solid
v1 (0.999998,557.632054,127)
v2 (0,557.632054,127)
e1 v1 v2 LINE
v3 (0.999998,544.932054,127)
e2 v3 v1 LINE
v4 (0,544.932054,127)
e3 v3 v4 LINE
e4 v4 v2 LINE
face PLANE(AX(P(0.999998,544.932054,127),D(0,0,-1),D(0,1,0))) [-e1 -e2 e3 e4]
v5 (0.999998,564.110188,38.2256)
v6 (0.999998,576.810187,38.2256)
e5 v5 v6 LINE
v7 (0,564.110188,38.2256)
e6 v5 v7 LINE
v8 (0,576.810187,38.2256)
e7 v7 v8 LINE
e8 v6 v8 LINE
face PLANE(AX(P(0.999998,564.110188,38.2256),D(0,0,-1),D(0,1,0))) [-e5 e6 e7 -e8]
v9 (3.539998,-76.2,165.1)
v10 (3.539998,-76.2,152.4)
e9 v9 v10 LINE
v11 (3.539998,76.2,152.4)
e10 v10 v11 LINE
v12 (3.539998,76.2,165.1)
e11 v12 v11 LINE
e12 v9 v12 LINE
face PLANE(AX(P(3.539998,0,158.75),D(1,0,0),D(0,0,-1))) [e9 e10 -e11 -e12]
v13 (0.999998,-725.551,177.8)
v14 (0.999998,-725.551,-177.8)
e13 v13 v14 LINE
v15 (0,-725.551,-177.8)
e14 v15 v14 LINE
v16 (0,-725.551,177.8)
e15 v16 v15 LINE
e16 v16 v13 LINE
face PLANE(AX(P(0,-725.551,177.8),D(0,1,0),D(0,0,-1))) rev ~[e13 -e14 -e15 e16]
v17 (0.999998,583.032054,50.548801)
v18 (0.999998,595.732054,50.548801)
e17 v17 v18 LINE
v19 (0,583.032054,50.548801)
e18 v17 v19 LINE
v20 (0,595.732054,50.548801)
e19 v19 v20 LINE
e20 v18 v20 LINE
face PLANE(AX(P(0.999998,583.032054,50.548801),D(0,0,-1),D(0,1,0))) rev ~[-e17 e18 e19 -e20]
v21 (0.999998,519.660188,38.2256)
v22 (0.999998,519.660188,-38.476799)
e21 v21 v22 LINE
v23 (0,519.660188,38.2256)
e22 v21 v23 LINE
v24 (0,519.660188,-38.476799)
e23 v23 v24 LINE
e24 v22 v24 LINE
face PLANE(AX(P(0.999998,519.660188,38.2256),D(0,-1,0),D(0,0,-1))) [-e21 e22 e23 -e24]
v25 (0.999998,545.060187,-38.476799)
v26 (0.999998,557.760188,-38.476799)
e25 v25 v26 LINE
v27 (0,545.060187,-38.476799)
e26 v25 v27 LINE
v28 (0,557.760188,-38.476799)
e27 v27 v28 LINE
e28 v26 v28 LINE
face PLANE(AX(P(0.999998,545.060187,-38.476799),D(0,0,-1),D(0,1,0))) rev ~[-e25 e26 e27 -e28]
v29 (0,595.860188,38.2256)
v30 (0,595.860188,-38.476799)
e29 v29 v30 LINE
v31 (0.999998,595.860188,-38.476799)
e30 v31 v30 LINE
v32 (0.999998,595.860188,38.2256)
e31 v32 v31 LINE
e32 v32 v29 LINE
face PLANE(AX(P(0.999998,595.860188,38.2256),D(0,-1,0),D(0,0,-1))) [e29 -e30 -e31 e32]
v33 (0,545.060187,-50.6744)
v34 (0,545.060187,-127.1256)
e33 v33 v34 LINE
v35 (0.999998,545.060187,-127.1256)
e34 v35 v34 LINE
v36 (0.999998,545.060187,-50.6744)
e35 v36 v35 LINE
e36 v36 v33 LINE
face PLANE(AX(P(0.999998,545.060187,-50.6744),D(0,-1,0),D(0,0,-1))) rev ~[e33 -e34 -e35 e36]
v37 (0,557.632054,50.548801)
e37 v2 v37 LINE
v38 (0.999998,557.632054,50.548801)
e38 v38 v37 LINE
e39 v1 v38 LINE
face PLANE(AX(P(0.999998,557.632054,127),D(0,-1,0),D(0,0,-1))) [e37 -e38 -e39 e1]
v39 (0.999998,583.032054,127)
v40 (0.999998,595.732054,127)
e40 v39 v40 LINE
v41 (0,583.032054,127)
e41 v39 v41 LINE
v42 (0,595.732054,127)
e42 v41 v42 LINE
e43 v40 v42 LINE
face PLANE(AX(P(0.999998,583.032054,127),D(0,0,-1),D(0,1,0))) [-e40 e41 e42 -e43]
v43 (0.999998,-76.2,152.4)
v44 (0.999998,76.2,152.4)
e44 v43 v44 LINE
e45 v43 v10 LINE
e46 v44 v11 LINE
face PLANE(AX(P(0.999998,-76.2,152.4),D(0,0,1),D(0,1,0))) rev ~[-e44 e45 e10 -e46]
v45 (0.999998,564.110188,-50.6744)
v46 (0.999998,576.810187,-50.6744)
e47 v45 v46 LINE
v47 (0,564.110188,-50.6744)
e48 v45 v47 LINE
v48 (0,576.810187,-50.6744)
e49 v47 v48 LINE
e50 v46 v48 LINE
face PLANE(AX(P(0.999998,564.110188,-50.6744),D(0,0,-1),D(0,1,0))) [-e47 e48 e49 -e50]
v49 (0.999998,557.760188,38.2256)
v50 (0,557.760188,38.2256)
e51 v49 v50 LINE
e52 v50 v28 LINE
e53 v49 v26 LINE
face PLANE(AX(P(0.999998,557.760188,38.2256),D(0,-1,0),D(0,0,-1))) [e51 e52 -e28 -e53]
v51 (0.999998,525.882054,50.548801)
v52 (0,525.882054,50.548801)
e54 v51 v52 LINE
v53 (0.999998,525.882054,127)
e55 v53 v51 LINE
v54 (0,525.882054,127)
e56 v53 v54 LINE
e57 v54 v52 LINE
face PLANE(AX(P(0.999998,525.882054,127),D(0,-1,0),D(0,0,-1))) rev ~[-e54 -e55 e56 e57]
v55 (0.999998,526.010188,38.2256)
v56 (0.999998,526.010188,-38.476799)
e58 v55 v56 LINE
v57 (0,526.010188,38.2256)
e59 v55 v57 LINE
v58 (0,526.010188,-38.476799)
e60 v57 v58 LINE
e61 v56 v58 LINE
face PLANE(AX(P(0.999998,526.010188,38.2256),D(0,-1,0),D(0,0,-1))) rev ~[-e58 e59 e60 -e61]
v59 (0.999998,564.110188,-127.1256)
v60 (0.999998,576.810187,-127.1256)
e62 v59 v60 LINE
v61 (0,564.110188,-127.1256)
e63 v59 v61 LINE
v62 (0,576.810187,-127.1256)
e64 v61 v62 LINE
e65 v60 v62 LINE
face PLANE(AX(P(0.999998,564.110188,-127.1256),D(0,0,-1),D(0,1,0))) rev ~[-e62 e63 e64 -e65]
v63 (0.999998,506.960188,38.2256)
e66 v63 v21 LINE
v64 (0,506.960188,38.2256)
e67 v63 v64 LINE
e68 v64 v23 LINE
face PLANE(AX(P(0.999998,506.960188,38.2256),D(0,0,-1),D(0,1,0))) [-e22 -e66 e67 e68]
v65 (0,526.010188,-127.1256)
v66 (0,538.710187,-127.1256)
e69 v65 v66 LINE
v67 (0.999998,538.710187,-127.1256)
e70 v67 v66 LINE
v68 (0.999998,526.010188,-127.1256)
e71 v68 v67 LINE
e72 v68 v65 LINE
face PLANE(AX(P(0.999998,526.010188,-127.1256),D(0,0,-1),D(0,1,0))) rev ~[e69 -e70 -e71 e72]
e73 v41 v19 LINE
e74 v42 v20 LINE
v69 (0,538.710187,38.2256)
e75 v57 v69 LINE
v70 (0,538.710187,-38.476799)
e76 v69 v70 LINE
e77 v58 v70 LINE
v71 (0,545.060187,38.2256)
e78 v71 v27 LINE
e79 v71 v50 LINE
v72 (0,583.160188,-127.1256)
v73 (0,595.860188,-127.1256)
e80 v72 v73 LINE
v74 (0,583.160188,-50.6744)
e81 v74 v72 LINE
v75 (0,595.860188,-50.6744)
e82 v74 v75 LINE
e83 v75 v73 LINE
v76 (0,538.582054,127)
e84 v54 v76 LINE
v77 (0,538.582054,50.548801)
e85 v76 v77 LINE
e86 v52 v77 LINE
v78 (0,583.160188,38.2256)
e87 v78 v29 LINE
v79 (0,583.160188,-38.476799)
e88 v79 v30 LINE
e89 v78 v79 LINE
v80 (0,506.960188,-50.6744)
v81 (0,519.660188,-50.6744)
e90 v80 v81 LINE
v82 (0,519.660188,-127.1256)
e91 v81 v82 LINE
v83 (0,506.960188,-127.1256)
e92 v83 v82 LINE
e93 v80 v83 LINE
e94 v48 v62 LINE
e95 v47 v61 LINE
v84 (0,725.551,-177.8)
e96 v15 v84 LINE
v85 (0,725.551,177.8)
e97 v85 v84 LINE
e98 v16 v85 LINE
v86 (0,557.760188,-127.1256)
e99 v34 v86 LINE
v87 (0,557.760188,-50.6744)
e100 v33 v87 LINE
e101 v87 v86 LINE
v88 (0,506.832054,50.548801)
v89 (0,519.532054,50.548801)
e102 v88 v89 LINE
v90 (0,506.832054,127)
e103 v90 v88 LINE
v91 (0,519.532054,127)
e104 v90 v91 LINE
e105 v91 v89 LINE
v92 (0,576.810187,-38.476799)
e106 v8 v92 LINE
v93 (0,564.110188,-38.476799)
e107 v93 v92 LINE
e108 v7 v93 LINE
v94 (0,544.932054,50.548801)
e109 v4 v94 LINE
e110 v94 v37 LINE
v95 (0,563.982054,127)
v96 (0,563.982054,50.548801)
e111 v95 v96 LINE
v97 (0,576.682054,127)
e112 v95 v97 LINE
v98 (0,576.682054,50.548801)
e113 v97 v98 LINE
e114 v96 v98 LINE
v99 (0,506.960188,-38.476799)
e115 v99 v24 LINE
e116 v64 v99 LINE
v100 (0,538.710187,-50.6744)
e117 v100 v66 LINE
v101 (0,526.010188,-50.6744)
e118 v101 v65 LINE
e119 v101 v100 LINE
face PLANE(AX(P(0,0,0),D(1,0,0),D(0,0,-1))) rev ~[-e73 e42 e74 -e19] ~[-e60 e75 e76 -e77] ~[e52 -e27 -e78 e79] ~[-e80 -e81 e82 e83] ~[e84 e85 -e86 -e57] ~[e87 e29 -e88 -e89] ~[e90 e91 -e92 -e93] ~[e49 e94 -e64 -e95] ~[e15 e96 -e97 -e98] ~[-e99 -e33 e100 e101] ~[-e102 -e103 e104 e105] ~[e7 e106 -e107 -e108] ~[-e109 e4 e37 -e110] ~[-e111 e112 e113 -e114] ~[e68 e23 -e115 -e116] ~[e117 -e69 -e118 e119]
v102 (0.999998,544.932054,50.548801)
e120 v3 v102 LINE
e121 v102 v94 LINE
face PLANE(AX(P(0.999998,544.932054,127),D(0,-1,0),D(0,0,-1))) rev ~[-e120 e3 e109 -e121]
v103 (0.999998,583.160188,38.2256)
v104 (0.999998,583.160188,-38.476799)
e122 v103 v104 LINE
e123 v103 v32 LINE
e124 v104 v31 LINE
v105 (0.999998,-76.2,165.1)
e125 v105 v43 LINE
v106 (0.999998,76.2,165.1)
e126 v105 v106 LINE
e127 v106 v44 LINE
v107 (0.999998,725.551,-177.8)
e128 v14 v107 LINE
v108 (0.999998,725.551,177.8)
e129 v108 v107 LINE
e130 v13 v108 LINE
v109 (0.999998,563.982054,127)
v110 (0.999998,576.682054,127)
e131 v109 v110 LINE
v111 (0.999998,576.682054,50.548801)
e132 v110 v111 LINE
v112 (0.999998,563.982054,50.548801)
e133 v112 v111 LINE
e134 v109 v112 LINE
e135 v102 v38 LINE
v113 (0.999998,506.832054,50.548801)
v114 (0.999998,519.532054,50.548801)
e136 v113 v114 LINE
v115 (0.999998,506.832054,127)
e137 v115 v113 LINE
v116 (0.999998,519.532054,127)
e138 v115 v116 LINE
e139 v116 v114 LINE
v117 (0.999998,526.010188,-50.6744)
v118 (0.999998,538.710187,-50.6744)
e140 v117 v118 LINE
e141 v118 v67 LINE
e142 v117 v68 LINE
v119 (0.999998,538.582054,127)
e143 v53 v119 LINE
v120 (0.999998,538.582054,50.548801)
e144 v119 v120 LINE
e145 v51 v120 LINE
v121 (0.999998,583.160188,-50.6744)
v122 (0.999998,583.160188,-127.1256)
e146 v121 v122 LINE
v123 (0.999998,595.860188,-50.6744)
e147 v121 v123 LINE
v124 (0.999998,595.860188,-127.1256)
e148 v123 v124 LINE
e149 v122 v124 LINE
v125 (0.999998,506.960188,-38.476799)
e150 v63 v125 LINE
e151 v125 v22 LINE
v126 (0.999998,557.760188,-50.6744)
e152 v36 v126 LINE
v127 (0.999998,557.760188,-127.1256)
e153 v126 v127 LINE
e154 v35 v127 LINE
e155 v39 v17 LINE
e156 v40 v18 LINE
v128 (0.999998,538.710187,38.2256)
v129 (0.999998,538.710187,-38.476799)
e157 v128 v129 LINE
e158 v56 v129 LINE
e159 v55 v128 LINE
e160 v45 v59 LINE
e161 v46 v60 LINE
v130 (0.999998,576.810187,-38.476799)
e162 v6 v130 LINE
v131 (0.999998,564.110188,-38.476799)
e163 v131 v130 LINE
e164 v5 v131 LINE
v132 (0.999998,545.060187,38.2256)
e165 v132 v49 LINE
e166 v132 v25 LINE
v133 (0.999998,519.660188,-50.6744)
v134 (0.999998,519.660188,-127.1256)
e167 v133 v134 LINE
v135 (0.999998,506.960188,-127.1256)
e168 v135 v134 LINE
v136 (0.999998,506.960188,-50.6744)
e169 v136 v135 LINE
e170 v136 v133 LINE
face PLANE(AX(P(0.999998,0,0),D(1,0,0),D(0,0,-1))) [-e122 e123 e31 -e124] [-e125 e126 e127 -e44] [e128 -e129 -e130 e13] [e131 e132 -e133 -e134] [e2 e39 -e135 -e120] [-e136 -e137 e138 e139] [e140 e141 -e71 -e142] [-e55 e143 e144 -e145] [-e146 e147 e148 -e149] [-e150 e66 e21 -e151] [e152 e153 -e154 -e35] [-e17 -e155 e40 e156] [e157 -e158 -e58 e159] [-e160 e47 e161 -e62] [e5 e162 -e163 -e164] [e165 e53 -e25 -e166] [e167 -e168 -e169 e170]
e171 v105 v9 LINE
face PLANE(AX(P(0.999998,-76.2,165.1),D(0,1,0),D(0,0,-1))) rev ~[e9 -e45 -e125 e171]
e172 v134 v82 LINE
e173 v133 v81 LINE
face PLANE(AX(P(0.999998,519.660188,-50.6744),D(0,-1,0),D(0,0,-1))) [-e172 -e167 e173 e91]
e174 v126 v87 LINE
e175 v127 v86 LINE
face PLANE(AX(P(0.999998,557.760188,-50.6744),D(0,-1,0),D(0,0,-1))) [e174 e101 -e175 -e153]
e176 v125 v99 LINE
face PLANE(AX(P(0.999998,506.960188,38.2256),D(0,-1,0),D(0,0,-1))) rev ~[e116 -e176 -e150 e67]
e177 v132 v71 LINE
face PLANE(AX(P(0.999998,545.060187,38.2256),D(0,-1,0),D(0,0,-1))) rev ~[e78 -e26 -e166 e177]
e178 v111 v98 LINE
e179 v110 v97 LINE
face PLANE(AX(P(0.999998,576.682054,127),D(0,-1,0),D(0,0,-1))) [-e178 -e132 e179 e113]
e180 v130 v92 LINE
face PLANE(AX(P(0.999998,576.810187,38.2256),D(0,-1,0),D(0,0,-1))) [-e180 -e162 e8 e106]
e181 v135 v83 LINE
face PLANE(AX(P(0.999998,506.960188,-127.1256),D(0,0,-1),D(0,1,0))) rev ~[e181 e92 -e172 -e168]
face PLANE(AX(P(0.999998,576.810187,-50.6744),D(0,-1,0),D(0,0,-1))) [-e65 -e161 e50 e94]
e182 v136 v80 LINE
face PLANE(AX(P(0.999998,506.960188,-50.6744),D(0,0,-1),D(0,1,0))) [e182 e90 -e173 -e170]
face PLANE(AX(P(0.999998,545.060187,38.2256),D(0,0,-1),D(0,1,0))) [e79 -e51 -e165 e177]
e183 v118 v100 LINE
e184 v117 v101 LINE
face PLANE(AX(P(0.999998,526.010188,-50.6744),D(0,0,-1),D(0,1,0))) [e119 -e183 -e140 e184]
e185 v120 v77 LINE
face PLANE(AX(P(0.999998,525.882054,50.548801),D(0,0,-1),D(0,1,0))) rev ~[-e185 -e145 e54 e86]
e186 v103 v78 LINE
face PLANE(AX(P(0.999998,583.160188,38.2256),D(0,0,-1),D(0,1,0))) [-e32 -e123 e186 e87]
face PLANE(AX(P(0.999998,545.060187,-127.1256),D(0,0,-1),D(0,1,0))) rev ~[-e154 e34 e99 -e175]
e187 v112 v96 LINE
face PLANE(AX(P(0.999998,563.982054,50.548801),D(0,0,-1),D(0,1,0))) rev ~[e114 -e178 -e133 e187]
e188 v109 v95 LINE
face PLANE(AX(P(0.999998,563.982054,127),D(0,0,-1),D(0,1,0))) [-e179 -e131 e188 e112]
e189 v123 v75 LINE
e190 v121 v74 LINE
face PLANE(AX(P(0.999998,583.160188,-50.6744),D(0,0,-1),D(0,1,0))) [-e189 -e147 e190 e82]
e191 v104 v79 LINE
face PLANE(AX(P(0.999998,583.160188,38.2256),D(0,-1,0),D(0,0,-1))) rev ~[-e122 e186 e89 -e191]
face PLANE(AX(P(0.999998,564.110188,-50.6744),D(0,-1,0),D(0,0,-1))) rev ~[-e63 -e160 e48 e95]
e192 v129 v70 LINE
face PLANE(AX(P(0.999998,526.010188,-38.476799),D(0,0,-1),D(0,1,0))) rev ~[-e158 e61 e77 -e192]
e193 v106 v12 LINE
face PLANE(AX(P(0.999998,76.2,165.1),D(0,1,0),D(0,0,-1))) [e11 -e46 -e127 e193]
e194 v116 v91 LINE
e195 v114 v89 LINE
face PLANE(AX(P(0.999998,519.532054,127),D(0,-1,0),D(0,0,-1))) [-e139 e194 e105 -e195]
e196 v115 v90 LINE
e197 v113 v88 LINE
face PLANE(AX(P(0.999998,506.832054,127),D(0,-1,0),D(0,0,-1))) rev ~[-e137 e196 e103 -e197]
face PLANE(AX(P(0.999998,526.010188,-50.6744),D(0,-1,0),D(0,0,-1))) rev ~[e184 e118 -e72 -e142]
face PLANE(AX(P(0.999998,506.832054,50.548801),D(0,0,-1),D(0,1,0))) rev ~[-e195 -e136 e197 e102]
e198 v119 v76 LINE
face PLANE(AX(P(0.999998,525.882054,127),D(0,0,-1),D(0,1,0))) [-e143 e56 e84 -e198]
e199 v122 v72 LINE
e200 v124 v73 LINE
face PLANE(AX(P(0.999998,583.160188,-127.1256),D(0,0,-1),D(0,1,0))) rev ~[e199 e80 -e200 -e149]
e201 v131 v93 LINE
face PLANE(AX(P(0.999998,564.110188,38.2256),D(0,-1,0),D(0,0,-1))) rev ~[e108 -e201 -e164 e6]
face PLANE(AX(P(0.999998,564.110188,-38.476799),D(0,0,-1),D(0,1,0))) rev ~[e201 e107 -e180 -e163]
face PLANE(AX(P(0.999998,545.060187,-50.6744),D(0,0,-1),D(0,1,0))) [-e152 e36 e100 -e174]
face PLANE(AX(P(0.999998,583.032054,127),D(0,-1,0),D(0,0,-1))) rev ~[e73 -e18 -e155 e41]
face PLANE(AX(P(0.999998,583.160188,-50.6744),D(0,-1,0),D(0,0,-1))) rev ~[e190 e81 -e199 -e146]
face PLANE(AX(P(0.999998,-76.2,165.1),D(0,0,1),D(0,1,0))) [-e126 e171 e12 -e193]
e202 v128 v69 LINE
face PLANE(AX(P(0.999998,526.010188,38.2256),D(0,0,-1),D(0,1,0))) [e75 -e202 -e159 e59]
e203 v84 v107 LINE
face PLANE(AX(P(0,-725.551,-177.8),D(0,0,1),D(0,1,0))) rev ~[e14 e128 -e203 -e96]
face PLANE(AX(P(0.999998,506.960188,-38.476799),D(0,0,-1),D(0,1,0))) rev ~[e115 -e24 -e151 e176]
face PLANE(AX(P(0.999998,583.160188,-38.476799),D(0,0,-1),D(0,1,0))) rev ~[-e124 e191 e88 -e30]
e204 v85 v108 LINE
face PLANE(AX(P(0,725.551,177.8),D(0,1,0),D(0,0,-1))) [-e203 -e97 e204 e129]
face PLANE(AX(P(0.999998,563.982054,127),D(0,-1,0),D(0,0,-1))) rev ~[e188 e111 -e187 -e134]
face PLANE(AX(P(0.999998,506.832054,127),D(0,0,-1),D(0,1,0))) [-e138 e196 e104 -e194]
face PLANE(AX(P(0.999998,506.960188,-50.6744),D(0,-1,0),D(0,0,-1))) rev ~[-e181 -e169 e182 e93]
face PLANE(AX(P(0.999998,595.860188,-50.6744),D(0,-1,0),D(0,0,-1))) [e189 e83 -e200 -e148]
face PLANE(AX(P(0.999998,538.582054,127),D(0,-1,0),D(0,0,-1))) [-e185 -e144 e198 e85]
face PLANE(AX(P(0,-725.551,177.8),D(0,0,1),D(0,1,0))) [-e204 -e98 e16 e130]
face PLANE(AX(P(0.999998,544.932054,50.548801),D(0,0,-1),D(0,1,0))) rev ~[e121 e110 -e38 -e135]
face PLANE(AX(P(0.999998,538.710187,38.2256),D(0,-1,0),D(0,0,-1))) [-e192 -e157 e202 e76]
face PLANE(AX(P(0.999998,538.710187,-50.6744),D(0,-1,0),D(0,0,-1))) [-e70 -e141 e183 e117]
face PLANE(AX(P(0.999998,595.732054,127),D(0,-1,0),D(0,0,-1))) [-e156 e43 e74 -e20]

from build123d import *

# Parameters (mm, degrees)
SKETCH1_W           = 355.6
SKETCH1_H           = 1451.102
BOSS_EXTRUDE1_DEPTH = 0.999998
SKETCH2_W           = 76.45119902
SKETCH2_H           = 12.7
SKETCH2_W_2         = 76.70239804
CUT_EXTRUDE1_DEPTH  = 748.019473372
LPATTERN1_COUNT     = 5
LPATTERN1_PITCH     = 19.05
SKETCH3_W           = 12.7
SKETCH3_H           = 152.4
BOSS_EXTRUDE2_DEPTH = 2.54


with BuildPart() as part:
    # Sketch1 → Boss-Extrude1 (new body)
    with BuildSketch(Plane(origin=(0, 0, 0), x_dir=(0, 0, -1), z_dir=(1, 0, 0))):
        Rectangle(SKETCH1_W, SKETCH1_H)
    extrude(amount=BOSS_EXTRUDE1_DEPTH)

    # Sketch2 → Cut-Extrude1 (cut, through all)
    with BuildSketch(Plane(origin=(0.999998, 0, 0), x_dir=(0, 0, -1), z_dir=(1, 0, 0))):
        with Locations((-88.77440049, 589.382053571)):
            Rectangle(SKETCH2_W, SKETCH2_H)
        with Locations((0.12559951, 589.5101875)):
            Rectangle(SKETCH2_W_2, SKETCH2_H)
        with Locations((88.9, 589.5101875)):
            Rectangle(SKETCH2_W, SKETCH2_H)
    cut_extrude1 = extrude(amount=-CUT_EXTRUDE1_DEPTH, mode=Mode.SUBTRACT)

    # LPattern1: Cut-Extrude1 ×5
    with Locations(*[(0, -i * LPATTERN1_PITCH, 0) for i in range(1, LPATTERN1_COUNT)]):
        add(cut_extrude1, mode=Mode.SUBTRACT)

    # Sketch3 → Boss-Extrude2 (add)
    with BuildSketch(Plane(origin=(0.999998, 0, 0), x_dir=(0, 0, -1), z_dir=(1, 0, 0))):
        with Locations((-158.75, 0)):
            Rectangle(SKETCH3_W, SKETCH3_H)
    extrude(amount=BOSS_EXTRUDE2_DEPTH)


solid = part.part
